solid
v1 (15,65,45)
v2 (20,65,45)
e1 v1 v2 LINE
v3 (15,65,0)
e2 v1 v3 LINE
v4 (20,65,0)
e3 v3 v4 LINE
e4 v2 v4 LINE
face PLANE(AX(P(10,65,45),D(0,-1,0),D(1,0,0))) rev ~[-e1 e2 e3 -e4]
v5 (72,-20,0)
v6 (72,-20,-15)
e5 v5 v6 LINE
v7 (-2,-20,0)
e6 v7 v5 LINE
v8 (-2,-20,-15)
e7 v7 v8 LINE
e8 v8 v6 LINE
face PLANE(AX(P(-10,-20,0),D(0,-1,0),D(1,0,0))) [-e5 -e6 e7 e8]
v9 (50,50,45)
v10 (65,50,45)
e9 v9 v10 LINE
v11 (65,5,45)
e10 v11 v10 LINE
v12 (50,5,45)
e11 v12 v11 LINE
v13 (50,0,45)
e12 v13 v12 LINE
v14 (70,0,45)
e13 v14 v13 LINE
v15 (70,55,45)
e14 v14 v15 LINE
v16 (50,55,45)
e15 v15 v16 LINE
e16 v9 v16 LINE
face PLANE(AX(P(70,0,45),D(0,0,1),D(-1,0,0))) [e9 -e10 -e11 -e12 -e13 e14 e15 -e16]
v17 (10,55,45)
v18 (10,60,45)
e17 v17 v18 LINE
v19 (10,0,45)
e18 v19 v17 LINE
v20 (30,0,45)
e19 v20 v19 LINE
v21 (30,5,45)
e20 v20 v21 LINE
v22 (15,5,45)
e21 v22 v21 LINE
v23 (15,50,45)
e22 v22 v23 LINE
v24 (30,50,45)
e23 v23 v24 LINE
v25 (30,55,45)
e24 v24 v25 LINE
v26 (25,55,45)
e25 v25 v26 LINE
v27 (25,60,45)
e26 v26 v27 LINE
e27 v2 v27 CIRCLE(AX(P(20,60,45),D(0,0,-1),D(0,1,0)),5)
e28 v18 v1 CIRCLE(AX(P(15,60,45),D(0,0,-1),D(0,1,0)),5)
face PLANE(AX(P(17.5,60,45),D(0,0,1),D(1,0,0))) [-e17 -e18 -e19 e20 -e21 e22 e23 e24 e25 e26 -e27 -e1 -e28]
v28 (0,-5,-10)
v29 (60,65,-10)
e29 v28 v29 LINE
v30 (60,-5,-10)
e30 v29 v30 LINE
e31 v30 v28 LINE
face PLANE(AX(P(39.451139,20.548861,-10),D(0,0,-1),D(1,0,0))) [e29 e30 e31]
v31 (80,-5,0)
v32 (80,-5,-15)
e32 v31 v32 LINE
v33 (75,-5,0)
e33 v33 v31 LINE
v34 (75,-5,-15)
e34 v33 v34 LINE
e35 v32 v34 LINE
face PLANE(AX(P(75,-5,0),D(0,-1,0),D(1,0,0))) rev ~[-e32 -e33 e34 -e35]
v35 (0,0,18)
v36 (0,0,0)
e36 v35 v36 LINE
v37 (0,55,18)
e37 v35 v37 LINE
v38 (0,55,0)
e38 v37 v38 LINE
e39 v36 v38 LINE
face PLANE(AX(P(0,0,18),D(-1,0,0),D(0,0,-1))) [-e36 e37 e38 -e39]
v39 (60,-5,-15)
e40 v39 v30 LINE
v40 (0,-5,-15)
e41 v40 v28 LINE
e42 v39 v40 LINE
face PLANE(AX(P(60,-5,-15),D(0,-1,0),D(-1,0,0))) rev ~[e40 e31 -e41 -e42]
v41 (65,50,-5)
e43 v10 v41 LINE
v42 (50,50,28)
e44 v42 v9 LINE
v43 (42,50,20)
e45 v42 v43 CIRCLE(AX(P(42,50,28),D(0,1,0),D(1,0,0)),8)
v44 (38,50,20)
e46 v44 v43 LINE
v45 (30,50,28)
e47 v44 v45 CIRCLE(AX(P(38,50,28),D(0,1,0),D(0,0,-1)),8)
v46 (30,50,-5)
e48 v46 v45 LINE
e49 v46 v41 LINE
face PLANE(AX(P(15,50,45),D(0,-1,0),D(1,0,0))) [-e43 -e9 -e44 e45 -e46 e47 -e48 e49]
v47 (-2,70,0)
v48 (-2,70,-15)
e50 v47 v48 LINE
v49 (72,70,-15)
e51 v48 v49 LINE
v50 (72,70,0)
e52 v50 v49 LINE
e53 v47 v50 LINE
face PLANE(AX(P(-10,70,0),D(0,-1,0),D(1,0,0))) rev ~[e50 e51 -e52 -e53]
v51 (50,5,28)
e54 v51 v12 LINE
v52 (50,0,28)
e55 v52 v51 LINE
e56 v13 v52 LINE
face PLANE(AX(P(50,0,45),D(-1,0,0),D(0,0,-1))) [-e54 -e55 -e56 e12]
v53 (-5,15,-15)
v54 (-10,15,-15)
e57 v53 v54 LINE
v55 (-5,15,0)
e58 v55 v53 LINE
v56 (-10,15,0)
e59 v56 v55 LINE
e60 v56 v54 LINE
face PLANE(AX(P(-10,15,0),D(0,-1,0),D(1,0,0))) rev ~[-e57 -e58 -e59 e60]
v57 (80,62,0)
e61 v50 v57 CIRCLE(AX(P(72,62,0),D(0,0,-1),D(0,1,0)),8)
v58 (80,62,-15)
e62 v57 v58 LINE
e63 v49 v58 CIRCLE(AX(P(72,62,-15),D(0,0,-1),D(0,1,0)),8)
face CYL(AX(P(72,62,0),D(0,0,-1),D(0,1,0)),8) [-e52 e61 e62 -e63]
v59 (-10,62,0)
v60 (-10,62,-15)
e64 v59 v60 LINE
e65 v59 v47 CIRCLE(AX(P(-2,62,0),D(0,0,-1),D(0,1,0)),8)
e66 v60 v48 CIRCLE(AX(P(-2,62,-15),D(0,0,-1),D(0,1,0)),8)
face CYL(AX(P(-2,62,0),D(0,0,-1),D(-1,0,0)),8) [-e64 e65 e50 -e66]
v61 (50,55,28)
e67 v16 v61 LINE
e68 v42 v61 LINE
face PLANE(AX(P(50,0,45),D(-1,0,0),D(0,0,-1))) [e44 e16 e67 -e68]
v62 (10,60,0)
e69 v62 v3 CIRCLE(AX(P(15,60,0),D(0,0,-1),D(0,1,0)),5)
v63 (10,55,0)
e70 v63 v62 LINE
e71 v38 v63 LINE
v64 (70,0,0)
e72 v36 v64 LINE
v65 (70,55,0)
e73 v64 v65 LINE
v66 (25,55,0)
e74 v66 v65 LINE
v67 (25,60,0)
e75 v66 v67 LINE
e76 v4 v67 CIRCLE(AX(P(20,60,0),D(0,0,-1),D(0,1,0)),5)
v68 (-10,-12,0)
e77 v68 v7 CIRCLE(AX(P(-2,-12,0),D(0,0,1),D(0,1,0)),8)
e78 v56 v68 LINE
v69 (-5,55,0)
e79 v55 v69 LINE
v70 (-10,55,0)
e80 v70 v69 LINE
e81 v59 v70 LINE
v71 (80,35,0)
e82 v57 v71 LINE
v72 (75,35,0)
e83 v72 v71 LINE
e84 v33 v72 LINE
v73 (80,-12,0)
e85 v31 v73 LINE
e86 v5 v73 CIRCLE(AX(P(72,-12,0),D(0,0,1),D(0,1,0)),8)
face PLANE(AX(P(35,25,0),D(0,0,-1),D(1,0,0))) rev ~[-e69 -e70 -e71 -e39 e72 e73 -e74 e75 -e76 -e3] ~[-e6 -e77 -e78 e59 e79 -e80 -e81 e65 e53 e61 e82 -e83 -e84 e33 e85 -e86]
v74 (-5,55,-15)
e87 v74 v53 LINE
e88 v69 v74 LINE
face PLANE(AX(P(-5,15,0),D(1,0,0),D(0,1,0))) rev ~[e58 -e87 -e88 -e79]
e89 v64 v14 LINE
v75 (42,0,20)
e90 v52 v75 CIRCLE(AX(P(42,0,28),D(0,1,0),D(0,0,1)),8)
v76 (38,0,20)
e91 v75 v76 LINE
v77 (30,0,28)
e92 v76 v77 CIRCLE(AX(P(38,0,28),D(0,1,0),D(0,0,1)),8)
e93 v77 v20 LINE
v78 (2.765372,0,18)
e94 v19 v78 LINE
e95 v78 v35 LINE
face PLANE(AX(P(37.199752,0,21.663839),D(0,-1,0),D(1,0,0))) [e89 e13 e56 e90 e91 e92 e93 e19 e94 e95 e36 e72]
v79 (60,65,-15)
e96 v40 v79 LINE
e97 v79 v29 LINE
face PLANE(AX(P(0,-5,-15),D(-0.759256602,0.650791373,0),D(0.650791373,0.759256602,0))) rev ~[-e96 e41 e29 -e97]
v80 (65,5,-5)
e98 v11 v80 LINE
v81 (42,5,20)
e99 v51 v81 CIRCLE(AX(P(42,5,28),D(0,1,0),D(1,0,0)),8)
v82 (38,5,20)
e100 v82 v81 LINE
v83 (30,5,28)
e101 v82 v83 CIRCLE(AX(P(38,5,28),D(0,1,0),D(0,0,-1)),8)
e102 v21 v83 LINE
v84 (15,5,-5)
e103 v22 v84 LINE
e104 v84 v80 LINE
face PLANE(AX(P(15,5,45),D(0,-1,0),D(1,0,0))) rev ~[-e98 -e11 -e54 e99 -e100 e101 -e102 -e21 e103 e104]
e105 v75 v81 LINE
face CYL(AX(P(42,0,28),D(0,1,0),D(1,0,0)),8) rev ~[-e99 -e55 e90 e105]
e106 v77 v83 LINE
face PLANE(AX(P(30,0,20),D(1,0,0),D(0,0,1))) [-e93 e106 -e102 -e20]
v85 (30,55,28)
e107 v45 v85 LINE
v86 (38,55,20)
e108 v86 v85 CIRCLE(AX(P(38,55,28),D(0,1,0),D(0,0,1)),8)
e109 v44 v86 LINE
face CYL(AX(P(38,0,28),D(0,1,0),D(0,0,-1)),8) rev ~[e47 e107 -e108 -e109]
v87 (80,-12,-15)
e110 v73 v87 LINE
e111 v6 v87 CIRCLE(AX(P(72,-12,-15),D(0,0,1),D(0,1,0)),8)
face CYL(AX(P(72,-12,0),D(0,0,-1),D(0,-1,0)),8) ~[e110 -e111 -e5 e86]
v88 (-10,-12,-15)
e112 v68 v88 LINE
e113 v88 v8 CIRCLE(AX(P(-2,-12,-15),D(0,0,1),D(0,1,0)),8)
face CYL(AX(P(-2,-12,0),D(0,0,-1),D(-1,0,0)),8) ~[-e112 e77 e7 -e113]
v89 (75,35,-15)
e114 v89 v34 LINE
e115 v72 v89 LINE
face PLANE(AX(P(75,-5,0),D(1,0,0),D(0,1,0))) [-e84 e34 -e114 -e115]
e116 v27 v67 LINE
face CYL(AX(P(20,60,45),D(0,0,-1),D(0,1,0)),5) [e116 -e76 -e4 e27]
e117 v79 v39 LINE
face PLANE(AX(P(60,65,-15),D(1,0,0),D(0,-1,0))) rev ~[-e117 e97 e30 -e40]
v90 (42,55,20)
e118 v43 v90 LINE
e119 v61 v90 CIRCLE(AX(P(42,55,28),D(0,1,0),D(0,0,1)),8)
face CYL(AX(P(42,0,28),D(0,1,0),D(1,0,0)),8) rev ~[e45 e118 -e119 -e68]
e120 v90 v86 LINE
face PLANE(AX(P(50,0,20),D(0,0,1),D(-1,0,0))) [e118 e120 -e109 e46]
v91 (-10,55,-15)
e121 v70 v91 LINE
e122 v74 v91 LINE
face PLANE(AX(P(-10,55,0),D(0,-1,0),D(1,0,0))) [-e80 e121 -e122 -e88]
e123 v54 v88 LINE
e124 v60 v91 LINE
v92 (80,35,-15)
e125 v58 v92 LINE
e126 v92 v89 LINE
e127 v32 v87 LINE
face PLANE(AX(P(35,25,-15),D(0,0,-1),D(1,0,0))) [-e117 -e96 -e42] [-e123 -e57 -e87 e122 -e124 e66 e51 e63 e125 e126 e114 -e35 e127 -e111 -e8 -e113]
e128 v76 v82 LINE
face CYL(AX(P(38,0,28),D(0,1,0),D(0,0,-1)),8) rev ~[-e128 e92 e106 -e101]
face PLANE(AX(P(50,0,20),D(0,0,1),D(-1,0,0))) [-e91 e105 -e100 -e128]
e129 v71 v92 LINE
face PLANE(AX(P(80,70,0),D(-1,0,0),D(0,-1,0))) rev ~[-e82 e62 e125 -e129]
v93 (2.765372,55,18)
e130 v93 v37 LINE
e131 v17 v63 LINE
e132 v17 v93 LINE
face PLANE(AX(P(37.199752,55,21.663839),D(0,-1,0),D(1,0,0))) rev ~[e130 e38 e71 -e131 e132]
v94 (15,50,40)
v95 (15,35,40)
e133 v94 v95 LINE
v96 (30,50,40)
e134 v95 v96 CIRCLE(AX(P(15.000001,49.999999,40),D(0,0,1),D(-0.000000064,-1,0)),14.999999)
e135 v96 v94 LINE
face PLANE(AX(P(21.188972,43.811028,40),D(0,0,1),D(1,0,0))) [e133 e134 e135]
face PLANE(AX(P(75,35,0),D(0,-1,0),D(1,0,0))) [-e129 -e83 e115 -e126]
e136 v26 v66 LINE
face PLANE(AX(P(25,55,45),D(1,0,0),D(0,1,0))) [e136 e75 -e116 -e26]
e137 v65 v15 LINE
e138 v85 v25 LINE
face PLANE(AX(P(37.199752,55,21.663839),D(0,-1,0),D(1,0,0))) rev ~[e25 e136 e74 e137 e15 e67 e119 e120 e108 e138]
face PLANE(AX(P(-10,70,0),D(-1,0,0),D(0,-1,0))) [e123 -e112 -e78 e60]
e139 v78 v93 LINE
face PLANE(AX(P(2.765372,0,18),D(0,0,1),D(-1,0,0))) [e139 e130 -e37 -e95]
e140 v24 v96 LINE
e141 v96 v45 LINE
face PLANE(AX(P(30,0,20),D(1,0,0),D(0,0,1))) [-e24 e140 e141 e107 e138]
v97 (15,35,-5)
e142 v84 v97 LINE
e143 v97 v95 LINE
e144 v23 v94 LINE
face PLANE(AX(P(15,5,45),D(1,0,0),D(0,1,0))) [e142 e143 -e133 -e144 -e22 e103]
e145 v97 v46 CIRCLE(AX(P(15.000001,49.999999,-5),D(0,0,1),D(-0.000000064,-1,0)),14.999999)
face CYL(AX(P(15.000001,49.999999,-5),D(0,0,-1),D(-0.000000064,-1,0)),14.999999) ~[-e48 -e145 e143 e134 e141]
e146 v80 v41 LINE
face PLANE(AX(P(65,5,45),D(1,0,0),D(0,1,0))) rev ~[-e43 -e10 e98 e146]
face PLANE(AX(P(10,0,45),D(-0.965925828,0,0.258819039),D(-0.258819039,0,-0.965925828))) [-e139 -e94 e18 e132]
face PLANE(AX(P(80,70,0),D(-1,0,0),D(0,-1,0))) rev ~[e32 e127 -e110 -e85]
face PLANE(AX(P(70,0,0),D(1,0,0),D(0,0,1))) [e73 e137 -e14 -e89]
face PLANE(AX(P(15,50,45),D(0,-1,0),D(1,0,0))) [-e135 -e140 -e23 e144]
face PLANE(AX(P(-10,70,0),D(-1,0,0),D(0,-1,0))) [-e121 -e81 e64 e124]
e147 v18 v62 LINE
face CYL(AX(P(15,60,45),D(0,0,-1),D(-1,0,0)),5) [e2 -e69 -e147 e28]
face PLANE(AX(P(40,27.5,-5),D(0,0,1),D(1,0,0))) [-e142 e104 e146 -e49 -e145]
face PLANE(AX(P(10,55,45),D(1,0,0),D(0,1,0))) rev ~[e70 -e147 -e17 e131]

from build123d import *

# Parameters (mm, degrees)
F1_DEPTH  = 55
F2_R      = 8
F3_W      = 90
F3_H      = 90
F4_DEPTH  = 15
F5_R      = 8
F6_W      = 15
F6_H      = 10
F7_DEPTH  = 45
F8_R      = 5
F9_W      = 50
F9_H      = 45
F10_DEPTH = 50
F12_DEPTH = 45
F13_W     = 5
F13_H     = 40
F14_DEPTH = 15.001
F16_DEPTH = 5


with BuildPart() as f1:
    # F0 (on Front) → F1 (new body)
    with BuildSketch(Plane.XZ):
        Polygon((0, 18), (0, 0), (70, 0), (70, 45), (50, 45), (50, 20), (30, 20), (30, 45), (10, 45), (2.765372, 18), align=None)
    extrude(amount=-F1_DEPTH)

    # F2
    f2_edges = [f1.edges().sort_by_distance(p)[0] for p in [
        (30, 27.5, 20),
        (50, 27.5, 20),
    ]]
    fillet(f2_edges, radius=F2_R)

    # F3 (on face) → F4 (join)
    with BuildSketch(Plane(origin=(0, 0, 0), x_dir=(1, 0, 0), z_dir=(0, 0, -1))):
        with Locations((35, -25)):
            Rectangle(F3_W, F3_H)
    extrude(amount=F4_DEPTH)

    # F5
    f5_edges = [f1.edges().sort_by_distance(p)[0] for p in [
        (-10, -20, -7.5),
        (80, -20, -7.5),
        (-10, 70, -7.5),
        (80, 70, -7.5),
    ]]
    fillet(f5_edges, radius=F5_R)

    # F6 (on face) → F7 (join, through all)
    with BuildSketch(Plane.XY.offset(45)):
        with Locations((17.5, 60)):
            Rectangle(F6_W, F6_H)
    extrude(amount=-F7_DEPTH)

    # F8
    f8_edges = [f1.edges().sort_by_distance(p)[0] for p in [
        (10, 65, 22.5),
        (25, 65, 22.5),
    ]]
    fillet(f8_edges, radius=F8_R)

    # F9 (on face) → F10 (cut)
    with BuildSketch(Plane.XY.offset(45)):
        with Locations((40, 27.5)):
            Rectangle(F9_W, F9_H)
    extrude(amount=-F10_DEPTH, mode=Mode.SUBTRACT)

    # F11 (on face) → F12 (join)
    with BuildSketch(Plane.XY.offset(-5)):
        with BuildLine():
            ThreePointArc((15, 35), (25.606602, 39.393398), (30, 50))
            Line((30, 50), (15, 50))
            Line((15, 50), (15, 35))
        make_face()
    extrude(amount=F12_DEPTH)

    # F13 (on face) → F14 (cut, through all)
    with BuildSketch(Plane.XY):
        with Locations((-7.5, 35)):
            Rectangle(F13_W, F13_H)
        with Locations((77.5, 15)):
            Rectangle(F13_W, F13_H)
    extrude(amount=-F14_DEPTH, mode=Mode.SUBTRACT)

    # F15 (on face) → F16 (cut)
    with BuildSketch(Plane(origin=(0, 0, -15), x_dir=(1, 0, 0), z_dir=(0, 0, -1))):
        Polygon((60, 5), (0, 5), (60, -65), align=None)
    extrude(amount=-F16_DEPTH, mode=Mode.SUBTRACT)


solid = f1.part
